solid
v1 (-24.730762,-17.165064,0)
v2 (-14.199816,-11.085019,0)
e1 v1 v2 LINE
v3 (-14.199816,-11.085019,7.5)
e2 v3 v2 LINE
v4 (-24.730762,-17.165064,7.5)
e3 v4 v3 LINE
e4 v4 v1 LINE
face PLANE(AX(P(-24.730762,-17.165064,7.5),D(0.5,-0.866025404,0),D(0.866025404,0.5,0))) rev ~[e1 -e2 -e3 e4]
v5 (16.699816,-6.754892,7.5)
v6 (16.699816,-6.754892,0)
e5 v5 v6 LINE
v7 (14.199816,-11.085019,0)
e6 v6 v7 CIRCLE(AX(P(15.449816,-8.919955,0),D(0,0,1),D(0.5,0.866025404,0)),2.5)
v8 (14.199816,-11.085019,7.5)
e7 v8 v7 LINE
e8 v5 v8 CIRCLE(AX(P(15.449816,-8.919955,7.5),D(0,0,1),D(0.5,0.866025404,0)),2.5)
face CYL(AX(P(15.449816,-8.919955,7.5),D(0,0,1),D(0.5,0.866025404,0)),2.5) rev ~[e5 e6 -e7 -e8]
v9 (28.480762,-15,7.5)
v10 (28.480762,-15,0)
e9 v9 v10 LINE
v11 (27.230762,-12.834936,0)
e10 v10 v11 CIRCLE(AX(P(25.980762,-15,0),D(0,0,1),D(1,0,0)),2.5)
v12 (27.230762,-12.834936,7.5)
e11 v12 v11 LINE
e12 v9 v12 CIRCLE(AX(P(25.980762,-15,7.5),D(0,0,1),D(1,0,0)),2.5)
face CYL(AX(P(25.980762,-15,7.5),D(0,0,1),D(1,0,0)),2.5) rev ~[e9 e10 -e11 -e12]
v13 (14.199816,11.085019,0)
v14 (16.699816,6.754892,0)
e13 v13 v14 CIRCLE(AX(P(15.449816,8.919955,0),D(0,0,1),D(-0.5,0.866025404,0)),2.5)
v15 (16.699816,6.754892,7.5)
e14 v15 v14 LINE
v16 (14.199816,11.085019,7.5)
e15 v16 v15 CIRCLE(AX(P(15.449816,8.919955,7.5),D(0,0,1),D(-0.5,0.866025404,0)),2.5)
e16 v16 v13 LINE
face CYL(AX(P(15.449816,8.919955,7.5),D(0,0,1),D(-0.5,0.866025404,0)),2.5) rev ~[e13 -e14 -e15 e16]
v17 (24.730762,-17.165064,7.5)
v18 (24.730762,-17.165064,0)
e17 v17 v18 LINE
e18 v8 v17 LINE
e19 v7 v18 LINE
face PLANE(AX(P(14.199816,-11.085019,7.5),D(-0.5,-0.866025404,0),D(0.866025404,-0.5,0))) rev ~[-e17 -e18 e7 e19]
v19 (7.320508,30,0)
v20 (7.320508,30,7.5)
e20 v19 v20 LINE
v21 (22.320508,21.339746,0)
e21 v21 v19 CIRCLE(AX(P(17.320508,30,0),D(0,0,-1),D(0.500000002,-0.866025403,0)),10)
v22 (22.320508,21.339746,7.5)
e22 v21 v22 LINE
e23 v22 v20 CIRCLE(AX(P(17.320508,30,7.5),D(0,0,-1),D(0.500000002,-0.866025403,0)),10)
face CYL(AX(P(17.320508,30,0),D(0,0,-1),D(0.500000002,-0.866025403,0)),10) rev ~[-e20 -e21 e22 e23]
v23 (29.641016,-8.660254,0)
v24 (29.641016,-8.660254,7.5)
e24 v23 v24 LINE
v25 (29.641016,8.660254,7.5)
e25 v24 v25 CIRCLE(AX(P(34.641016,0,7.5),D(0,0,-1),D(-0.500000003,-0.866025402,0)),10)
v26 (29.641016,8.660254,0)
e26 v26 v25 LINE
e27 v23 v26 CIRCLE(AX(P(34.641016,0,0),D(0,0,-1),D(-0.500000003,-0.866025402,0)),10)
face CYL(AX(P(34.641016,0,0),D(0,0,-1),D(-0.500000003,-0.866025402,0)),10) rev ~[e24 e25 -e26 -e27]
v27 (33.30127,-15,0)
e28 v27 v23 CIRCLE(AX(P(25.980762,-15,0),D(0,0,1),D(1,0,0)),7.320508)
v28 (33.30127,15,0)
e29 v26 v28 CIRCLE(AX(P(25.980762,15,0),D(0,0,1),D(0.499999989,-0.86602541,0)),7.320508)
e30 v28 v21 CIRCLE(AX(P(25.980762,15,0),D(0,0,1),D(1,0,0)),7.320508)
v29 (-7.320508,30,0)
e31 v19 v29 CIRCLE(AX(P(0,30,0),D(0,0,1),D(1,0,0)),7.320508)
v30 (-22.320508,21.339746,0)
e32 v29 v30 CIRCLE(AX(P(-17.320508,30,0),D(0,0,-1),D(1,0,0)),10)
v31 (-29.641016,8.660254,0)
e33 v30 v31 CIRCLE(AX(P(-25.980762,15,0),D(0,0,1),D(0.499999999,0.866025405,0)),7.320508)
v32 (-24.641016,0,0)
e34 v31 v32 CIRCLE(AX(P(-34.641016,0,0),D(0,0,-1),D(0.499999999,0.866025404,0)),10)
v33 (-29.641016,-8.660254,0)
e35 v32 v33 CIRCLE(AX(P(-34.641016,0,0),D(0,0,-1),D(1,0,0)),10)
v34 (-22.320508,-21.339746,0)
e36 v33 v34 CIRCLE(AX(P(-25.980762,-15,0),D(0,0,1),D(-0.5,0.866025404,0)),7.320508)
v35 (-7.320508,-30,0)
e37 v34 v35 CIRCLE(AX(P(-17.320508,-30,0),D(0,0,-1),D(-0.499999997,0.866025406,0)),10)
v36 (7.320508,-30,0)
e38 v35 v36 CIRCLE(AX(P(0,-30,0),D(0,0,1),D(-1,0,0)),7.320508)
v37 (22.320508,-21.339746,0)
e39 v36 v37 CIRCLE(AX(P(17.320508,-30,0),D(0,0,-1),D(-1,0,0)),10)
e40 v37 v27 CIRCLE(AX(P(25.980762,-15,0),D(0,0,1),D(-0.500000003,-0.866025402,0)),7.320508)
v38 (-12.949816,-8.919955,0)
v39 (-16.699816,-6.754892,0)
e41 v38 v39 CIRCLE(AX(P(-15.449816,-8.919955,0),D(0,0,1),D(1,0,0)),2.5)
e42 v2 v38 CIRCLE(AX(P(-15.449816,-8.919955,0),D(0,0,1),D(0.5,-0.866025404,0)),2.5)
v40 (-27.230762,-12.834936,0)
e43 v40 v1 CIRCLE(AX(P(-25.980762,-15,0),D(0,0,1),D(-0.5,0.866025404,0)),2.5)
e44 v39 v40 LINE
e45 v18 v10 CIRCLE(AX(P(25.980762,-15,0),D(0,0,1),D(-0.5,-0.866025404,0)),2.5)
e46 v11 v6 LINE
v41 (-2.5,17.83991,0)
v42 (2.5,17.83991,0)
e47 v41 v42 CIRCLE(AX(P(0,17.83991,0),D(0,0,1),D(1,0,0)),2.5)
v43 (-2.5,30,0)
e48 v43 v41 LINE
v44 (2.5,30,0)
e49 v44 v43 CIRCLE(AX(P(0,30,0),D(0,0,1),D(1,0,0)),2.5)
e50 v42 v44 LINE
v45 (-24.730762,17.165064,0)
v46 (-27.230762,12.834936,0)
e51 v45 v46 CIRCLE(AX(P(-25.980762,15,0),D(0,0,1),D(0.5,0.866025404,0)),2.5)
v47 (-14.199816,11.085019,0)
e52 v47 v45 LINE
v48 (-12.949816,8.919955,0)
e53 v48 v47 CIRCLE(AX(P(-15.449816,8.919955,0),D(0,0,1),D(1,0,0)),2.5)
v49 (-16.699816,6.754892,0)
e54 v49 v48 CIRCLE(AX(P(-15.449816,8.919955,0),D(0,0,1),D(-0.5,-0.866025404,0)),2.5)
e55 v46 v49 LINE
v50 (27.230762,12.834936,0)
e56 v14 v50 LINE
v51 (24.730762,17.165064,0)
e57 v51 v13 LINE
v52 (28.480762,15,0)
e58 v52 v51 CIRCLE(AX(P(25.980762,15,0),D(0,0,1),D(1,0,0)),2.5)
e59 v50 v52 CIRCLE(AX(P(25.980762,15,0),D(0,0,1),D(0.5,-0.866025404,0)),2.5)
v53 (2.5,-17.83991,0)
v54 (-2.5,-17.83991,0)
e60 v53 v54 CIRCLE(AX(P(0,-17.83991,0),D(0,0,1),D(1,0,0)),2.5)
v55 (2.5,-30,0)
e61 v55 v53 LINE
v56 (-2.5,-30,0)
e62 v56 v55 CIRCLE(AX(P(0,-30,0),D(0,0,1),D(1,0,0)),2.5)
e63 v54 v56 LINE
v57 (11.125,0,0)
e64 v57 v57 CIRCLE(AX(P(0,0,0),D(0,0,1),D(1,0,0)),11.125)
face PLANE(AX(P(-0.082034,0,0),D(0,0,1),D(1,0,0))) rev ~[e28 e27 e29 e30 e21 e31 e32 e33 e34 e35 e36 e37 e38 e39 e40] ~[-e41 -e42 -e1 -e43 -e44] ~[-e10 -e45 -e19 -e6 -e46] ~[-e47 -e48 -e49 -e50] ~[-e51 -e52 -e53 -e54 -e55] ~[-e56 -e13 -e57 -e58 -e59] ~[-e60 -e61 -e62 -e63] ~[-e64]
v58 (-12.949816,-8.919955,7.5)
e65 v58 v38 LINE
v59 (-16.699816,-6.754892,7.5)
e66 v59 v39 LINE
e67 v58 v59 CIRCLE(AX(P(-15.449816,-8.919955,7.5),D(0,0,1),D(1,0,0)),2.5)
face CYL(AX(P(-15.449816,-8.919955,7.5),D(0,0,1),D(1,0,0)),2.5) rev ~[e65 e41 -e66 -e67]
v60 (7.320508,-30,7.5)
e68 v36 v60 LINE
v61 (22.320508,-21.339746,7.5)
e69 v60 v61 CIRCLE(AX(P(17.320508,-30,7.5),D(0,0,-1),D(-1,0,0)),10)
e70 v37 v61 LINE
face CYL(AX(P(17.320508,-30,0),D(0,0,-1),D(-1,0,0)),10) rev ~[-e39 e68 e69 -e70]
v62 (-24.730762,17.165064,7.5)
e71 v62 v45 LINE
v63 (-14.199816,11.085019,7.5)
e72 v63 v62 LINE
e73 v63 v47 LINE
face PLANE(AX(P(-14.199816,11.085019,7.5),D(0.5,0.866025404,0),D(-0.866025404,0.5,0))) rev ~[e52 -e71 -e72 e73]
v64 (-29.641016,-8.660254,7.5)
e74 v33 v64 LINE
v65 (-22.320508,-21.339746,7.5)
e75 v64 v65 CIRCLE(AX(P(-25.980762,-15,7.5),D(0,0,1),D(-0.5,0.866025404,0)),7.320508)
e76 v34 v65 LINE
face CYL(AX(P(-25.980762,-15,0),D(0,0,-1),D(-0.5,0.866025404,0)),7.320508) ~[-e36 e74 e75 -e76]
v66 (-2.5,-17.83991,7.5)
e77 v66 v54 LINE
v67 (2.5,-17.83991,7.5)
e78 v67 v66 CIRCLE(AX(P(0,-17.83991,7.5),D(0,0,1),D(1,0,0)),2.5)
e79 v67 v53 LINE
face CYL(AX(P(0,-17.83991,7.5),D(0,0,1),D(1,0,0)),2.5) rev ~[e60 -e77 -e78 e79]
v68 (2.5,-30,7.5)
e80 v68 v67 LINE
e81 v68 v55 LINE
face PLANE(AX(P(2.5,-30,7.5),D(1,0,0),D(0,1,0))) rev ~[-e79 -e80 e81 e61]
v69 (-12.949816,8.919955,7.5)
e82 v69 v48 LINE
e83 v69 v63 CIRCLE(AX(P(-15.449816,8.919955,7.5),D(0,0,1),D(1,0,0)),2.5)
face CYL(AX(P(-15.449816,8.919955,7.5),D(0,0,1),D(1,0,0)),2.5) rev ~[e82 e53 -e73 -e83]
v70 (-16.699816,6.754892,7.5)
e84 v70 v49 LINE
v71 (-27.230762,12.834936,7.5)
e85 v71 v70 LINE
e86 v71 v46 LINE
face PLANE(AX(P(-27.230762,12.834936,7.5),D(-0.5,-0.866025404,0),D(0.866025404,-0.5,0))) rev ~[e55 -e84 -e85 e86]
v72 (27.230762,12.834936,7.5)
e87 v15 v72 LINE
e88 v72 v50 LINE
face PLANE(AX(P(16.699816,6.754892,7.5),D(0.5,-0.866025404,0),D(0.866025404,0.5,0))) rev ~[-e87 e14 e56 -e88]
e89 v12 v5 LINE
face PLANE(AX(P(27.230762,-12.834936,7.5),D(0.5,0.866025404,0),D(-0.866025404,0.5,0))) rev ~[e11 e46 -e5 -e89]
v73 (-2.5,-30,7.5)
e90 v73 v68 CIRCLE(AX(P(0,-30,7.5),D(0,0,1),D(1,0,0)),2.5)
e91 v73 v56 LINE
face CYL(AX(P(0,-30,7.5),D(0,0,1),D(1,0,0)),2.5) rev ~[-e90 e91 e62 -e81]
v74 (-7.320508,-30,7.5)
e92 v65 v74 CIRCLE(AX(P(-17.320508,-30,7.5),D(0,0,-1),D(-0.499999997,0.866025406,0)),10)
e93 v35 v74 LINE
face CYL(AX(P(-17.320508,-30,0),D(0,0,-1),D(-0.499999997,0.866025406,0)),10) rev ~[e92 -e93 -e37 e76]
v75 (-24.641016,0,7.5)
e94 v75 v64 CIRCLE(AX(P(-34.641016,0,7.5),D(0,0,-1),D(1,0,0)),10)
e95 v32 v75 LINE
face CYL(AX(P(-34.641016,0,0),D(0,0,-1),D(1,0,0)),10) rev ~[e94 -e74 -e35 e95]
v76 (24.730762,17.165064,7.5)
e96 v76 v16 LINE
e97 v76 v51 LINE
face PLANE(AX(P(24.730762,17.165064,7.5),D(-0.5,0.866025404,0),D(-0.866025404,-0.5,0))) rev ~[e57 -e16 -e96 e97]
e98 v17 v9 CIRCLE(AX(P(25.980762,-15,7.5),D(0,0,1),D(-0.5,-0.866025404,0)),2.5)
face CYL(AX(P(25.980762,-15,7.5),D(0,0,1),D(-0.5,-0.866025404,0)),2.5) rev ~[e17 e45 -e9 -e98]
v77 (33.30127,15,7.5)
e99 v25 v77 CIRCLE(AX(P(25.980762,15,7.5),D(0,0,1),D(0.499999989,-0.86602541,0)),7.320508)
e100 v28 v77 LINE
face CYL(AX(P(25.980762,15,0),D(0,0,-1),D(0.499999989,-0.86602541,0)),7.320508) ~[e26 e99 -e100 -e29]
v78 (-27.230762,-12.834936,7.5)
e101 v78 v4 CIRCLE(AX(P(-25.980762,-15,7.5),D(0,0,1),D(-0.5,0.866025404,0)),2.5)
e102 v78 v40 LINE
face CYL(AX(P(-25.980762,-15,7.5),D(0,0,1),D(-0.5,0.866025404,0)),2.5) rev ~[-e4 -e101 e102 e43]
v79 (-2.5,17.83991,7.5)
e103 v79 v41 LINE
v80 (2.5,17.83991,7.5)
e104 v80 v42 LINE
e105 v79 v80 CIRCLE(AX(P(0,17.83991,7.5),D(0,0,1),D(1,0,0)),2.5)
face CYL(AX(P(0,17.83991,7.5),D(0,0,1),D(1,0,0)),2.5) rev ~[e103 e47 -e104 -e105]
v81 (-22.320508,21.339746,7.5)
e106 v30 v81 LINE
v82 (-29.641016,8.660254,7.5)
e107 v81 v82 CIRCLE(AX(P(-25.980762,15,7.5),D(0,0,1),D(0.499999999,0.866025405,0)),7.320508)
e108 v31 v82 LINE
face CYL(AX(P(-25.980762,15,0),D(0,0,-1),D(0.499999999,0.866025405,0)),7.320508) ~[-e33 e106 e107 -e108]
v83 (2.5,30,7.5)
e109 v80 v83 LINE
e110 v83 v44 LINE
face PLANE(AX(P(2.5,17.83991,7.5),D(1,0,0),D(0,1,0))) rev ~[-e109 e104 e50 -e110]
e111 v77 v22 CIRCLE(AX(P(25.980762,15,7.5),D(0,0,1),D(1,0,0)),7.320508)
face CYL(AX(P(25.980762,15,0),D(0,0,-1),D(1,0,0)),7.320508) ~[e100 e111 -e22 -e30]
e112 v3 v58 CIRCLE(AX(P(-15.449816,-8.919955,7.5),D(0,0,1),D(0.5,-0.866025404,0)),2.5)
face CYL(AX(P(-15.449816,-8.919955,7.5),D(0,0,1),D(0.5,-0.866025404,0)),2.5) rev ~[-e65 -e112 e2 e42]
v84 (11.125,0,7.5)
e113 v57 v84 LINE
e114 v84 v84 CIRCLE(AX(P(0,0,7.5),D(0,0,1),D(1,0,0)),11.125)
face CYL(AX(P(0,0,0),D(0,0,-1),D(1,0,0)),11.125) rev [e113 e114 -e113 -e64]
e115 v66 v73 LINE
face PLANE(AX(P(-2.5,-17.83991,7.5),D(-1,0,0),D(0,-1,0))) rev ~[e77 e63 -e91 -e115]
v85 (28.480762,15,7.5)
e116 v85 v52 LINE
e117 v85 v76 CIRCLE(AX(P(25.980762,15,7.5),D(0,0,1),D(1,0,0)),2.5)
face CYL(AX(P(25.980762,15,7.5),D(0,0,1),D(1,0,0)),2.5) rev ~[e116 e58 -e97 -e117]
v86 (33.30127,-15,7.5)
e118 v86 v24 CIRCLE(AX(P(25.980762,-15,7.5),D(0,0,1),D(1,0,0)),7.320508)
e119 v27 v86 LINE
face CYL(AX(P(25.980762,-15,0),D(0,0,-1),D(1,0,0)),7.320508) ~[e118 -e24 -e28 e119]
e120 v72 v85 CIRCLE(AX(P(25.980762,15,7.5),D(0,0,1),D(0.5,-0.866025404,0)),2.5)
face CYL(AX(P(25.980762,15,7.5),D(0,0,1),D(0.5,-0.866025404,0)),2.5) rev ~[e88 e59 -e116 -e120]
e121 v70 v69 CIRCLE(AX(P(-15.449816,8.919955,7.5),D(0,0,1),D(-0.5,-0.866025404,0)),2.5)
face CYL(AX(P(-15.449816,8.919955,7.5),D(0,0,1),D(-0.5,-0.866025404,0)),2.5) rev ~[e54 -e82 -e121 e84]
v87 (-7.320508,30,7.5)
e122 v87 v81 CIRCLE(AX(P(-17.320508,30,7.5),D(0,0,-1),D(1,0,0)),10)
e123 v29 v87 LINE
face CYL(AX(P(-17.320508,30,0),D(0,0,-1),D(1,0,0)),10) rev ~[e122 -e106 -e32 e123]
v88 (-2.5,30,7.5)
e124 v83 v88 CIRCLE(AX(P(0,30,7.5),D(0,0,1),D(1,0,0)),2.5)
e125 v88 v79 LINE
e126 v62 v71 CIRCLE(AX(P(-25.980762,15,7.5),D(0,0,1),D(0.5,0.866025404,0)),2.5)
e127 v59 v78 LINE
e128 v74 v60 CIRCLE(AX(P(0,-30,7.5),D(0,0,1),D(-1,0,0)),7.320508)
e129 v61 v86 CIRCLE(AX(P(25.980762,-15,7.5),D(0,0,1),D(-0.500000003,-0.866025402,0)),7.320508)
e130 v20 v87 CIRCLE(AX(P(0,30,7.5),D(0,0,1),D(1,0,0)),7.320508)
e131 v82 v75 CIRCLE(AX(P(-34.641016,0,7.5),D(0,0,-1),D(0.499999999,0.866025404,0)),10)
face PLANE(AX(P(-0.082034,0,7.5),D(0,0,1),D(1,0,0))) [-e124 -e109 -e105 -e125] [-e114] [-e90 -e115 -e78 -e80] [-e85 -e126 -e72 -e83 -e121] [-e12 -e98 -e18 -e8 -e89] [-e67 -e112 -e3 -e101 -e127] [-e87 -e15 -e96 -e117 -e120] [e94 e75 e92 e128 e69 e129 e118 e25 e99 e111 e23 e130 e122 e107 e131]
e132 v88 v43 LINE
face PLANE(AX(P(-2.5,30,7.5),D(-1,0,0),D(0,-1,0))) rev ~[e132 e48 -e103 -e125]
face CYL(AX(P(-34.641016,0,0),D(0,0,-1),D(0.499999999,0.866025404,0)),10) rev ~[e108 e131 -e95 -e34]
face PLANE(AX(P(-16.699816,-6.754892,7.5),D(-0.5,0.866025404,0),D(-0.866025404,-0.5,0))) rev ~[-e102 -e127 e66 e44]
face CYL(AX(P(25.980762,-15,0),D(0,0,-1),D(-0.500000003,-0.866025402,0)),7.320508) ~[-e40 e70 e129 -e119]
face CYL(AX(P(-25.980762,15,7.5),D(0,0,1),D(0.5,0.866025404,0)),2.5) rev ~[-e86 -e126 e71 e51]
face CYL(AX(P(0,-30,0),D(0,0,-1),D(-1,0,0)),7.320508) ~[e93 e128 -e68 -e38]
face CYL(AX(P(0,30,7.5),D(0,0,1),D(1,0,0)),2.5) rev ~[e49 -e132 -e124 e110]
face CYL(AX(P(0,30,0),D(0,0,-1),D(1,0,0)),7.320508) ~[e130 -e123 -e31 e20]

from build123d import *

# Parameters (mm, degrees)
F0_R     = 11.125
F1_DEPTH = 7.5
F3_DEPTH = 25


with BuildPart() as f1:
    # F0 (on Top) → F1 (new body)
    with BuildSketch(Plane.XY):
        with BuildLine():
            ThreePointArc((7.3205080757, 30), (0, 22.6794919243), (-7.3205080757, 30))
            ThreePointArc((-7.3205080757, 30), (-12.3205080803, 21.3397459595), (-22.3205080849, 21.3397459675))
            ThreePointArc((-22.3205080849, 21.3397459675), (-19.641016154, 18.6602540424), (-18.6602540378, 15))
            ThreePointArc((-18.6602540378, 15), (-22.3205080792, 8.6602540358), (-29.6410161584, 8.6602540419))
            ThreePointArc((-29.6410161584, 8.6602540419), (-25.9807621156, 5.0000000035), (-24.6410161514, 0))
            ThreePointArc((-24.6410161514, 0), (-25.9807621131, -4.9999999992), (-29.6410161498, -8.660254037))
            ThreePointArc((-29.6410161498, -8.660254037), (-22.3205080749, -8.6602540383), (-18.6602540378, -15))
            ThreePointArc((-18.6602540378, -15), (-19.6410161418, -18.6602540212), (-22.3205080425, -21.339745943))
            ThreePointArc((-22.3205080425, -21.339745943), (-12.3205080591, -21.3397459717), (-7.3205080757, -30))
            ThreePointArc((-7.3205080757, -30), (0, -22.6794919243), (7.3205080757, -30))
            ThreePointArc((7.3205080757, -30), (12.3205080629, -21.3397459695), (22.3205080502, -21.3397459474))
            ThreePointArc((22.3205080502, -21.3397459474), (19.6410161514, -11.3397459622), (29.6410161259, -8.6602540231))
            ThreePointArc((29.6410161259, -8.6602540231), (24.6410161514, -3.02e-08), (29.6410160736, 8.6602539929))
            ThreePointArc((29.6410160736, 8.6602539929), (19.641016124, 11.3397460095), (22.3205080926, 21.3397459719))
            ThreePointArc((22.3205080926, 21.3397459719), (12.3205080841, 21.3397459573), (7.3205080757, 30))
        make_face()
        Circle(F0_R, mode=Mode.SUBTRACT)
        with BuildLine():
            Line((7.3205080757, 30), (-7.3205080757, 30))
            ThreePointArc((-7.3205080757, 30), (0, 22.6794919243), (7.3205080757, 30))
        make_face()
        with BuildLine():
            ThreePointArc((7.3205080757, 30), (0, 37.3205080757), (-7.3205080757, 30))
            Line((-7.3205080757, 30), (7.3205080757, 30))
        make_face()
        with BuildLine():
            ThreePointArc((-18.6602540378, 15), (-19.641016154, 18.6602540424), (-22.3205080849, 21.3397459675))
            Line((-22.3205080757, 21.3397459622), (-29.6410161514, 8.6602540378))
            ThreePointArc((-29.6410161584, 8.6602540419), (-22.3205080792, 8.6602540358), (-18.6602540378, 15))
        make_face()
        with BuildLine():
            Line((-29.6410161514, 8.6602540378), (-22.3205080757, 21.3397459622))
            ThreePointArc((-22.3205080849, 21.3397459675), (-32.3205080763, 18.6602540368), (-29.6410161584, 8.6602540419))
        make_face()
        with BuildLine():
            ThreePointArc((-18.6602540378, -15), (-22.3205080749, -8.6602540383), (-29.6410161498, -8.660254037))
            Line((-29.6410161514, -8.6602540378), (-22.3205080757, -21.3397459622))
            ThreePointArc((-22.3205080425, -21.339745943), (-19.6410161418, -18.6602540212), (-18.6602540378, -15))
        make_face()
        with BuildLine():
            Line((-22.3205080757, -21.3397459622), (-29.6410161514, -8.6602540378))
            ThreePointArc((-29.6410161498, -8.660254037), (-32.3205080665, -18.6602540537), (-22.3205080425, -21.339745943))
        make_face()
        with BuildLine():
            Line((7.3205080757, -30), (-7.3205080757, -30))
            ThreePointArc((-7.3205080757, -30), (0, -37.3205080757), (7.3205080757, -30))
        make_face()
        with BuildLine():
            ThreePointArc((7.3205080757, -30), (0, -22.6794919243), (-7.3205080757, -30))
            Line((-7.3205080757, -30), (7.3205080757, -30))
        make_face()
        with BuildLine():
            Line((22.3205080757, -21.3397459622), (29.6410161514, -8.6602540378))
            ThreePointArc((29.6410161259, -8.6602540231), (19.6410161514, -11.3397459622), (22.3205080502, -21.3397459474))
        make_face()
        with BuildLine():
            ThreePointArc((33.3012701892, -15), (32.3205080683, -11.3397459494), (29.6410161259, -8.6602540231))
            Line((29.6410161514, -8.6602540378), (22.3205080757, -21.3397459622))
            ThreePointArc((22.3205080502, -21.3397459474), (29.6410161386, -21.3397459695), (33.3012701892, -15))
        make_face()
        with BuildLine():
            Line((29.6410161514, 8.6602540378), (22.3205080757, 21.3397459622))
            ThreePointArc((22.3205080926, 21.3397459719), (19.641016124, 11.3397460095), (29.6410160736, 8.6602539929))
        make_face()
        with BuildLine():
            ThreePointArc((33.3012701892, 15), (29.6410161598, 21.3397459573), (22.3205080926, 21.3397459719))
            Line((22.3205080757, 21.3397459622), (29.6410161514, 8.6602540378))
            ThreePointArc((29.6410160736, 8.6602539929), (32.3205080532, 11.3397459232), (33.3012701892, 15))
        make_face()
    extrude(amount=F1_DEPTH)

    # F2 (on face) → F3 (cut)
    with BuildSketch(Plane.XY.offset(7.5)):
        with BuildLine():
            ThreePointArc((-2.5, 17.8399104625), (0, 15.3399104625), (2.5, 17.8399104625))
            ThreePointArc((2.5, 17.8399104625), (0, 20.3399104625), (-2.5, 17.8399104625))
        make_face()
        with BuildLine():
            Line((2.5, 17.8399104625), (2.5, 30))
            ThreePointArc((2.5, 30), (0, 27.5), (-2.5, 30))
            Line((-2.5, 30), (-2.5, 17.8399104625))
            ThreePointArc((-2.5, 17.8399104625), (0, 20.3399104625), (2.5, 17.8399104625))
        make_face()
        with BuildLine():
            ThreePointArc((-2.5, 30), (0, 27.5), (2.5, 30))
            ThreePointArc((2.5, 30), (0, 32.5), (-2.5, 30))
        make_face()
        with BuildLine():
            ThreePointArc((-24.7307621135, 17.1650635095), (-23.8156986041, 16.25), (-23.4807621135, 15))
            ThreePointArc((-23.4807621135, 15), (-24.7307621135, 12.8349364905), (-27.2307621135, 12.8349364905))
            Line((-27.2307621135, 12.8349364905), (-16.6998156618, 6.7548917218))
            ThreePointArc((-16.6998156618, 6.7548917218), (-17.6148791712, 10.1699552312), (-14.1998156618, 11.0850187407))
            Line((-14.1998156618, 11.0850187407), (-24.7307621135, 17.1650635095))
        make_face()
        with BuildLine():
            ThreePointArc((-12.9498156618, 8.9199552312), (-13.2847521523, 10.1699552312), (-14.1998156618, 11.0850187407))
            ThreePointArc((-14.1998156618, 11.0850187407), (-17.6148791712, 10.1699552312), (-16.6998156618, 6.7548917218))
            ThreePointArc((-16.6998156618, 6.7548917218), (-14.1998156618, 6.7548917218), (-12.9498156618, 8.9199552312))
        make_face()
        with BuildLine():
            ThreePointArc((-27.2307621135, 12.8349364905), (-24.7307621135, 12.8349364905), (-23.4807621135, 15))
            ThreePointArc((-23.4807621135, 15), (-23.8156986041, 16.25), (-24.7307621135, 17.1650635095))
            ThreePointArc((-24.7307621135, 17.1650635095), (-28.145825623, 16.25), (-27.2307621135, 12.8349364905))
        make_face()
        with BuildLine():
            ThreePointArc((-27.2307621135, -12.8349364905), (-24.7307621135, -12.8349364905), (-23.4807621135, -15))
            ThreePointArc((-23.4807621135, -15), (-23.8156986041, -16.25), (-24.7307621135, -17.1650635095))
            Line((-24.7307621135, -17.1650635095), (-14.1998156618, -11.0850187407))
            ThreePointArc((-14.1998156618, -11.0850187407), (-17.6148791712, -10.1699552312), (-16.6998156618, -6.7548917218))
            Line((-16.6998156618, -6.7548917218), (-27.2307621135, -12.8349364905))
        make_face()
        with BuildLine():
            ThreePointArc((-12.9498156618, -8.9199552312), (-14.1998156618, -6.7548917218), (-16.6998156618, -6.7548917218))
            ThreePointArc((-16.6998156618, -6.7548917218), (-17.6148791712, -10.1699552312), (-14.1998156618, -11.0850187407))
            ThreePointArc((-14.1998156618, -11.0850187407), (-13.2847521523, -10.1699552312), (-12.9498156618, -8.9199552312))
        make_face()
        with BuildLine():
            ThreePointArc((-24.7307621135, -17.1650635095), (-23.8156986041, -16.25), (-23.4807621135, -15))
            ThreePointArc((-23.4807621135, -15), (-24.7307621135, -12.8349364905), (-27.2307621135, -12.8349364905))
            ThreePointArc((-27.2307621135, -12.8349364905), (-28.145825623, -16.25), (-24.7307621135, -17.1650635095))
        make_face()
        with BuildLine():
            ThreePointArc((-2.5, -30), (0, -27.5), (2.5, -30))
            Line((2.5, -30), (2.5, -17.8399104625))
            ThreePointArc((2.5, -17.8399104625), (0, -20.3399104625), (-2.5, -17.8399104625))
            Line((-2.5, -17.8399104625), (-2.5, -30))
        make_face()
        with BuildLine():
            ThreePointArc((-2.5, -17.8399104625), (0, -20.3399104625), (2.5, -17.8399104625))
            ThreePointArc((2.5, -17.8399104625), (0, -15.3399104625), (-2.5, -17.8399104625))
        make_face()
        with BuildLine():
            ThreePointArc((-2.5, -30), (0, -32.5), (2.5, -30))
            ThreePointArc((2.5, -30), (0, -27.5), (-2.5, -30))
        make_face()
        with BuildLine():
            ThreePointArc((24.7307621135, -17.1650635095), (23.8156986041, -13.75), (27.2307621135, -12.8349364905))
            Line((27.2307621135, -12.8349364905), (16.6998156618, -6.7548917218))
            ThreePointArc((16.6998156618, -6.7548917218), (17.6148791712, -7.6699552312), (17.9498156618, -8.9199552312))
            ThreePointArc((17.9498156618, -8.9199552312), (16.6998156618, -11.0850187407), (14.1998156618, -11.0850187407))
            Line((14.1998156618, -11.0850187407), (24.7307621135, -17.1650635095))
        make_face()
        with BuildLine():
            ThreePointArc((17.9498156618, -8.9199552312), (17.6148791712, -7.6699552312), (16.6998156618, -6.7548917218))
            ThreePointArc((16.6998156618, -6.7548917218), (13.2847521523, -7.6699552312), (14.1998156618, -11.0850187407))
            ThreePointArc((14.1998156618, -11.0850187407), (16.6998156618, -11.0850187407), (17.9498156618, -8.9199552312))
        make_face()
        with BuildLine():
            ThreePointArc((24.7307621135, -17.1650635095), (27.2307621135, -17.1650635095), (28.4807621135, -15))
            ThreePointArc((28.4807621135, -15), (28.145825623, -13.75), (27.2307621135, -12.8349364905))
            ThreePointArc((27.2307621135, -12.8349364905), (23.8156986041, -13.75), (24.7307621135, -17.1650635095))
        make_face()
        with BuildLine():
            ThreePointArc((27.2307621135, 12.8349364905), (23.8156986041, 13.75), (24.7307621135, 17.1650635095))
            Line((24.7307621135, 17.1650635095), (14.1998156618, 11.0850187407))
            ThreePointArc((14.1998156618, 11.0850187407), (16.6998156618, 11.0850187407), (17.9498156618, 8.9199552312))
            ThreePointArc((17.9498156618, 8.9199552312), (17.6148791712, 7.6699552312), (16.6998156618, 6.7548917218))
            Line((16.6998156618, 6.7548917218), (27.2307621135, 12.8349364905))
        make_face()
        with BuildLine():
            ThreePointArc((17.9498156618, 8.9199552312), (16.6998156618, 11.0850187407), (14.1998156618, 11.0850187407))
            ThreePointArc((14.1998156618, 11.0850187407), (13.2847521523, 7.6699552312), (16.6998156618, 6.7548917218))
            ThreePointArc((16.6998156618, 6.7548917218), (17.6148791712, 7.6699552312), (17.9498156618, 8.9199552312))
        make_face()
        with BuildLine():
            ThreePointArc((27.2307621135, 12.8349364905), (28.145825623, 13.75), (28.4807621135, 15))
            ThreePointArc((28.4807621135, 15), (27.2307621135, 17.1650635095), (24.7307621135, 17.1650635095))
            ThreePointArc((24.7307621135, 17.1650635095), (23.8156986041, 13.75), (27.2307621135, 12.8349364905))
        make_face()
    extrude(amount=-F3_DEPTH, mode=Mode.SUBTRACT)


solid = f1.part
